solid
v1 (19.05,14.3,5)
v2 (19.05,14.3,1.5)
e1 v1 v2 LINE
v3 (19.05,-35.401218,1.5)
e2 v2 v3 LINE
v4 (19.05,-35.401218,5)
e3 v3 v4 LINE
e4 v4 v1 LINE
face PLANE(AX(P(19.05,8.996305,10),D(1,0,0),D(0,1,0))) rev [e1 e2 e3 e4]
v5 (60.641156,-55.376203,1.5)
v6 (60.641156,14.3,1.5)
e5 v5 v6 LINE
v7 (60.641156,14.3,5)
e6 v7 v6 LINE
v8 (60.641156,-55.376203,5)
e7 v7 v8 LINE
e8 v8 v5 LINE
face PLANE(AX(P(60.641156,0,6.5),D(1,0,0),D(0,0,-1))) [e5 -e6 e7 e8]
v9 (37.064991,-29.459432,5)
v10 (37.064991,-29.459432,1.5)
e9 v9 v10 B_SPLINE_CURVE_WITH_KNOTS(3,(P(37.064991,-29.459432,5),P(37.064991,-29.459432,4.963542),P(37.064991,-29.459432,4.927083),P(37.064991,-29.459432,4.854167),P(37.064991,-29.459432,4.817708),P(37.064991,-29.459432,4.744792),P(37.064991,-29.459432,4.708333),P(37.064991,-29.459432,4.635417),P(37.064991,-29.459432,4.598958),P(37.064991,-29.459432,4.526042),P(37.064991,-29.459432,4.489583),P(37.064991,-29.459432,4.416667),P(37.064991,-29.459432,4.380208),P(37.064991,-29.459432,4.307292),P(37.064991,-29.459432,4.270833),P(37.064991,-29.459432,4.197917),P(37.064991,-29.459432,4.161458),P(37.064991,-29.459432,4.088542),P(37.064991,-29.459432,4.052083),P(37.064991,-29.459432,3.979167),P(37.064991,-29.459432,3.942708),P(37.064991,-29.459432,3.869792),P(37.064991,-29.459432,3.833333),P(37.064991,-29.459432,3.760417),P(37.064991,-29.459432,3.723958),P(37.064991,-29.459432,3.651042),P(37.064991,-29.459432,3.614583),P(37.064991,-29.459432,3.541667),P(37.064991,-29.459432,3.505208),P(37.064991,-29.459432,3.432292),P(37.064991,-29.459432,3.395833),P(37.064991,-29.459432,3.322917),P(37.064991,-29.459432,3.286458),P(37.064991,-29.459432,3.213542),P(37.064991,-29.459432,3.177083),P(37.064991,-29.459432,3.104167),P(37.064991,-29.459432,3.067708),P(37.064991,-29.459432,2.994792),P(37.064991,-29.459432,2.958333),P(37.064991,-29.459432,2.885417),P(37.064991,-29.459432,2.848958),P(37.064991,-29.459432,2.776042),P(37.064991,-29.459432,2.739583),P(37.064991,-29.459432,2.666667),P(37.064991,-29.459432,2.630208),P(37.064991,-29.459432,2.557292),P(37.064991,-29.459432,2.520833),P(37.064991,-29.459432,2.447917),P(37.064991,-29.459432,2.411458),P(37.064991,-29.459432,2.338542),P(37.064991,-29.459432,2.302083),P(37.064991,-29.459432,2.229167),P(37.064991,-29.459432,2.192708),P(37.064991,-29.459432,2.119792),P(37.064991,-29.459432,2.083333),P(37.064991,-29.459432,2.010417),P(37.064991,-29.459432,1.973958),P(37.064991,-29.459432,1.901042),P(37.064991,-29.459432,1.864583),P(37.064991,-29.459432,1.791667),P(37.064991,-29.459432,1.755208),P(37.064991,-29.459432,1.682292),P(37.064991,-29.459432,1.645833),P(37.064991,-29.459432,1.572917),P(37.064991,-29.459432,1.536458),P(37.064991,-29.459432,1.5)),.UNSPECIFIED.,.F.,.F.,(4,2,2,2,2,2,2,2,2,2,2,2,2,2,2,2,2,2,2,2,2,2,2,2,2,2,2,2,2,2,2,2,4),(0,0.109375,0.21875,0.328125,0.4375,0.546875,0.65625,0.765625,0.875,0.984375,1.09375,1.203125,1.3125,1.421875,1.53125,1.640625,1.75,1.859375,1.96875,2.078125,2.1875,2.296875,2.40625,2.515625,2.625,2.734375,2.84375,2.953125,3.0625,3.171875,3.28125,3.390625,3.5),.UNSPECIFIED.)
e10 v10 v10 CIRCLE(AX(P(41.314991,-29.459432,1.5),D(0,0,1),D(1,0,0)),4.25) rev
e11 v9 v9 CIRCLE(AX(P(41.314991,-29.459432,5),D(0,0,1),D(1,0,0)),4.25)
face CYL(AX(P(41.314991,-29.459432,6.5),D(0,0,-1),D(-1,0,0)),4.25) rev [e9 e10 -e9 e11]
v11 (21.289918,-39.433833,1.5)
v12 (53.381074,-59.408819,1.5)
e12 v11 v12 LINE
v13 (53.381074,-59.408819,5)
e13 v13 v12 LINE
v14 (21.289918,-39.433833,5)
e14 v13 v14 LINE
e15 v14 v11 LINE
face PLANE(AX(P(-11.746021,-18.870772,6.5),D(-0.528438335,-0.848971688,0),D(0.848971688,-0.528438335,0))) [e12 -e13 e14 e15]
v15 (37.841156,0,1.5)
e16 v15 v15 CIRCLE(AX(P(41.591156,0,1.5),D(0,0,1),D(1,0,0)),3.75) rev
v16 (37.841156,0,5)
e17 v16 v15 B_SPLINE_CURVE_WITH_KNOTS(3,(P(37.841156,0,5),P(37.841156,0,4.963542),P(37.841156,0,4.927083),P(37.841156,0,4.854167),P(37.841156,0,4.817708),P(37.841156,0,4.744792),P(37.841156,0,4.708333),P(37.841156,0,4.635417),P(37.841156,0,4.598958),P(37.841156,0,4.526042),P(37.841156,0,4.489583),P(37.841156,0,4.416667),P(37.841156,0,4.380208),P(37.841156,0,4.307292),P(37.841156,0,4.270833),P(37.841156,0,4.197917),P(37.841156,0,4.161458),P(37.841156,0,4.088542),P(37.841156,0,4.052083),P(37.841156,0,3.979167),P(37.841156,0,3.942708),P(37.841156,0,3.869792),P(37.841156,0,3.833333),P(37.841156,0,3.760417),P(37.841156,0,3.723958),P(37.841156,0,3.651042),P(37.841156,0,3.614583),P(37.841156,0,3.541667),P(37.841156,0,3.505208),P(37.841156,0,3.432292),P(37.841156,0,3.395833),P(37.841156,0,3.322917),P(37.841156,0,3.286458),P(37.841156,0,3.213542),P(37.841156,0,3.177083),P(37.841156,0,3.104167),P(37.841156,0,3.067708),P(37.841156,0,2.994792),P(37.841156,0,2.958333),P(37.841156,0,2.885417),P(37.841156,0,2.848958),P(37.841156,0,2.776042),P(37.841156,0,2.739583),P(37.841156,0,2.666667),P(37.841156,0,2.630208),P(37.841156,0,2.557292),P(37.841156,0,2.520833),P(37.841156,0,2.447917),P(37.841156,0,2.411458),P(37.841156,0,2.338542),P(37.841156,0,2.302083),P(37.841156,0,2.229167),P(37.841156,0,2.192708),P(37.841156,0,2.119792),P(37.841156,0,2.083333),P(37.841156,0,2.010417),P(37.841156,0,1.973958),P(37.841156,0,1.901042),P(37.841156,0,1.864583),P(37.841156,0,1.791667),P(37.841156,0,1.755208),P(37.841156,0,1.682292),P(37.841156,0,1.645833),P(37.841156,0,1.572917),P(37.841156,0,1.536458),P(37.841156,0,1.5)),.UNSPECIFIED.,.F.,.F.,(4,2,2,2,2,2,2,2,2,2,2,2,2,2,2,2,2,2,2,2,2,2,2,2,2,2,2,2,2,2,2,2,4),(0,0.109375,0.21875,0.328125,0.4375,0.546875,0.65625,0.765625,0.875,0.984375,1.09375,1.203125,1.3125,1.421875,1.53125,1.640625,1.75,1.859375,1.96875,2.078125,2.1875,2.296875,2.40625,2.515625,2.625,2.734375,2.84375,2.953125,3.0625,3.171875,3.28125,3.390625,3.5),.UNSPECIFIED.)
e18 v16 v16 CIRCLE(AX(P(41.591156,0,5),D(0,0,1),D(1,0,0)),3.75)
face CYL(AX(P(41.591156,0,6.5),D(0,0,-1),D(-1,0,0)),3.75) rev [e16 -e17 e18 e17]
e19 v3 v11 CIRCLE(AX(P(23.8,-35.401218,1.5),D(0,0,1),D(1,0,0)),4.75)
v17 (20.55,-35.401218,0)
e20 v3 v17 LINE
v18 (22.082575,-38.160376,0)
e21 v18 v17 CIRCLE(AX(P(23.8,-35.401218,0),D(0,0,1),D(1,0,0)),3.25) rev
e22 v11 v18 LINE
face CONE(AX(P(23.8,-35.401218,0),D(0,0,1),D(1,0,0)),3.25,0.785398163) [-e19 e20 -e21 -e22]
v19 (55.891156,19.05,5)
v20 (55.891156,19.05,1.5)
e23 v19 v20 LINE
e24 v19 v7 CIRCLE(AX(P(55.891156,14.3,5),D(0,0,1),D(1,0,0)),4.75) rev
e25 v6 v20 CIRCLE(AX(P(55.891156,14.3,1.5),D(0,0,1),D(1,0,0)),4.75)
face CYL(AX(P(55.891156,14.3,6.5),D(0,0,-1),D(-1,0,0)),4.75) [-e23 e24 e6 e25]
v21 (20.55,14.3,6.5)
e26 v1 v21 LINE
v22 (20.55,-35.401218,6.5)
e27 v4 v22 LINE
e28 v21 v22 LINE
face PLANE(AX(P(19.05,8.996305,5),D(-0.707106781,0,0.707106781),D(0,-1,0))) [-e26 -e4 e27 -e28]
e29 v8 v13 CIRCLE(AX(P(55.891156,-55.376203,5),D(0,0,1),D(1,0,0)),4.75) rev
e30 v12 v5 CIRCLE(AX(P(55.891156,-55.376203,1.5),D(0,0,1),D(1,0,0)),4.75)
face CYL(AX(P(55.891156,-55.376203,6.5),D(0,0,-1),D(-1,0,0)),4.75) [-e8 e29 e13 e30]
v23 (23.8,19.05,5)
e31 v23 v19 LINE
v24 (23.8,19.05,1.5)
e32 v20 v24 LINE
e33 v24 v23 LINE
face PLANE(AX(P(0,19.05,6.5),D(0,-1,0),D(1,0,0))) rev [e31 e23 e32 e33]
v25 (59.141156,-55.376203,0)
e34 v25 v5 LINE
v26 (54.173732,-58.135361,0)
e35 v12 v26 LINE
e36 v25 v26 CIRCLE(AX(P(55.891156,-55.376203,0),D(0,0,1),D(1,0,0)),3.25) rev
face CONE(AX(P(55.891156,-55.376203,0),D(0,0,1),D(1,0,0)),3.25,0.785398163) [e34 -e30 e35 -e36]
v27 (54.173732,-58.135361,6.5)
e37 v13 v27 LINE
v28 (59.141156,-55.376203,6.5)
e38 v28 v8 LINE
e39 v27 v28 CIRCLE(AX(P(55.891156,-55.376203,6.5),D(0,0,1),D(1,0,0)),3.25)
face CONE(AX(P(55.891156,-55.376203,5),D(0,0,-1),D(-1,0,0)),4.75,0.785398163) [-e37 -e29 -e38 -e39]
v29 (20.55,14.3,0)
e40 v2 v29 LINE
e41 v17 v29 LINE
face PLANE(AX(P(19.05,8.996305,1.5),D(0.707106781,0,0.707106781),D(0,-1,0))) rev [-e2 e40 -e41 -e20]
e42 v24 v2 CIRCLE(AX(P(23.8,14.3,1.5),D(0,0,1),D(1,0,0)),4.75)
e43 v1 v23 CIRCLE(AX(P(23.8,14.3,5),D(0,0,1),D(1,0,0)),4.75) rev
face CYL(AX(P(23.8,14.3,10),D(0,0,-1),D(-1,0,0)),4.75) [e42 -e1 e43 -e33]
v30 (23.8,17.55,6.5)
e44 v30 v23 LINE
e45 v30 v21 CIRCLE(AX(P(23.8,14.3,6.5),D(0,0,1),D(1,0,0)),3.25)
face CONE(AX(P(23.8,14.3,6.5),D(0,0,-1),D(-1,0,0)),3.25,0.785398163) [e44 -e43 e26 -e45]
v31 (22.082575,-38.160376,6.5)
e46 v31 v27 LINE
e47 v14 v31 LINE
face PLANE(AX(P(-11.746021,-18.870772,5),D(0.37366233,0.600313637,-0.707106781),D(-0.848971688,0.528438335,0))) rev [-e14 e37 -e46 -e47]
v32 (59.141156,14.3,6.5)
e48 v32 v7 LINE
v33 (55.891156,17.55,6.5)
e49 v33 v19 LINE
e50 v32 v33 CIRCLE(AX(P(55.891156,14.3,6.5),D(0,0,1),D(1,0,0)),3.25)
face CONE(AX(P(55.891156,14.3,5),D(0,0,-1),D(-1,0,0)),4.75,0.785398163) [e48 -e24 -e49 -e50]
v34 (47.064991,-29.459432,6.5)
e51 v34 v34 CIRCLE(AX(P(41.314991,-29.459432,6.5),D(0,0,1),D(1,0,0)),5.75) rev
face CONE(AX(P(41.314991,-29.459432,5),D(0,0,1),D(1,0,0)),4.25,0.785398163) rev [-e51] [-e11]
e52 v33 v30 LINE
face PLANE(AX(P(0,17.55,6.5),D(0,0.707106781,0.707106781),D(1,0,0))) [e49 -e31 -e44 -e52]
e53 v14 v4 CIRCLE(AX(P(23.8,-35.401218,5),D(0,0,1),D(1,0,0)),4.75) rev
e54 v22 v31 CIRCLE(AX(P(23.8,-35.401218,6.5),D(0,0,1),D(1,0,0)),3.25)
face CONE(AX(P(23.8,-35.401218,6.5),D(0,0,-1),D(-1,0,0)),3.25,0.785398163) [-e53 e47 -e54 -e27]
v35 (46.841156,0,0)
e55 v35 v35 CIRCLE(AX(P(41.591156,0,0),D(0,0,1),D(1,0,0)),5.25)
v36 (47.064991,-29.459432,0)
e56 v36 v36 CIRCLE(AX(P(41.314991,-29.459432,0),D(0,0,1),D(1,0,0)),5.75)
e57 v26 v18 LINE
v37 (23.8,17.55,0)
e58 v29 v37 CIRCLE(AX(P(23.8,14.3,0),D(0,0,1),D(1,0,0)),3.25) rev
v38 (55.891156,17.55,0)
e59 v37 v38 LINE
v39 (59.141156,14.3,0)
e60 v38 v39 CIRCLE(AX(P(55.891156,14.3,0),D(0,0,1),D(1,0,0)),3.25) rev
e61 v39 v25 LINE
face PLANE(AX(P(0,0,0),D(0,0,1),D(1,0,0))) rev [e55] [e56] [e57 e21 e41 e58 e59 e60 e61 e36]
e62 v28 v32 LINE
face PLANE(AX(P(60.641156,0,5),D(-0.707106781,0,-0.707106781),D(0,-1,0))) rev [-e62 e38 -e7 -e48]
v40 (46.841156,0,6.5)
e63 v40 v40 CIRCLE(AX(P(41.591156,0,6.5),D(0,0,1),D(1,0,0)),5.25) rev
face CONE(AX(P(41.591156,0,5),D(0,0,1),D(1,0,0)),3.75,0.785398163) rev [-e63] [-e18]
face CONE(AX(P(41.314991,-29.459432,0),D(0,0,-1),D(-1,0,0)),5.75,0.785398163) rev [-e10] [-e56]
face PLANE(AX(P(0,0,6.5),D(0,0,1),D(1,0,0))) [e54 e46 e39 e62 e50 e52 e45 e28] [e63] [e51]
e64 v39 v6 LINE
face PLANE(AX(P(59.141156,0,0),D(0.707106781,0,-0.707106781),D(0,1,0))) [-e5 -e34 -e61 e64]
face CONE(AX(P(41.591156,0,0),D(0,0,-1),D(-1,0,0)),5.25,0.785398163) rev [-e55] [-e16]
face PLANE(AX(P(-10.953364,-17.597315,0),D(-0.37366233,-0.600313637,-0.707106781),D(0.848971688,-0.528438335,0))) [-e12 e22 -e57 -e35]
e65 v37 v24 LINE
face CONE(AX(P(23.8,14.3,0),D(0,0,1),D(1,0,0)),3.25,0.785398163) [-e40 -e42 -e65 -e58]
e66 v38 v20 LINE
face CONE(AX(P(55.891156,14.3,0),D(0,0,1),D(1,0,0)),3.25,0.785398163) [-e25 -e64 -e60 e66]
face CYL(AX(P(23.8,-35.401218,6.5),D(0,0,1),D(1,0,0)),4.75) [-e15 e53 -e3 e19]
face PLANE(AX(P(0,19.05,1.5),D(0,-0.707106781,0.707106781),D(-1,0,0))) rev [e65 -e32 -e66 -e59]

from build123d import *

# Parameters (mm, degrees)
SKETCH1_R           = 4.25
SKETCH1_R_2         = 3.75
SKETCH1_R_3         = 4.5
BOSS_EXTRUDE1_DEPTH = 6.5
CUT_EXTRUDE1_DEPTH  = 10
FILLET1_R           = 4.75
CHAMFER1_SIZE       = 1.5


with BuildPart() as part:
    # Sketch1 → Boss-Extrude1 (new body)
    with BuildSketch(Plane.XY):
        with BuildLine():
            Line((-11.458079381, -19.05), (53.381074139, -59.408818568))
            ThreePointArc((53.381074139, -59.408818568), (58.197626483, -59.528635467), (60.641156228, -55.376203052))
            Line((60.641156228, -55.376203052), (60.641156228, 14.3))
            ThreePointArc((60.641156228, 14.3), (59.249913439, 17.658757211), (55.891156228, 19.05))
            Line((55.891156228, 19.05), (-13.723477062, 19.05))
            ThreePointArc((-13.723477062, 19.05), (-14.628464695, 18.040083046), (-15.73121772, 18.829304583))
            ThreePointArc((-15.73121772, 18.829304583), (-17.658815789, 17.658815789), (-18.829304583, 15.73121772))
            ThreePointArc((-18.829304583, 15.73121772), (-18.040083046, 14.628464695), (-19.05, 13.723477062))
            Line((-19.05, 13.723477062), (-19.05, 8.996305235))
            ThreePointArc((-19.05, 8.996305235), (-18.034, 7.980305235), (-19.05, 6.964305235))
            Line((-19.05, 6.964305235), (-19.05, -6.964305235))
            ThreePointArc((-19.05, -6.964305235), (-18.034, -7.980305235), (-19.05, -8.996305235))
            Line((-19.05, -8.996305235), (-19.05, -13.723477062))
            ThreePointArc((-19.05, -13.723477062), (-18.040083046, -14.628464695), (-18.829304583, -15.73121772))
            ThreePointArc((-18.829304583, -15.73121772), (-17.658815789, -17.658815789), (-15.73121772, -18.829304583))
            ThreePointArc((-15.73121772, -18.829304583), (-14.628464695, -18.040083046), (-13.723477062, -19.05))
            Line((-13.723477062, -19.05), (-11.458079381, -19.05))
        make_face()
        with Locations(Location((41.314990606, -29.4594322, 0), (0, 0, 180))):
            Circle(SKETCH1_R, mode=Mode.SUBTRACT)
        with Locations(Location((41.591156228, 0, 0), (0, 0, 180))):
            Circle(SKETCH1_R_2, mode=Mode.SUBTRACT)
        with Locations(Location((0, 0, 0), (0, 0, 180))):
            Circle(SKETCH1_R_3, mode=Mode.SUBTRACT)
    extrude(amount=BOSS_EXTRUDE1_DEPTH)

    # Sketch3 → Cut-Extrude1 (cut)
    with BuildSketch(Plane(origin=(0, 0, 0), x_dir=(-1, 0, 0), z_dir=(0, 0, -1))):
        with BuildLine():
            Line((19.05, 6.964305235), (19.05, -6.964305235))
            Line((19.05, -6.964305235), (19.05, -13.723477062))
            Line((19.05, -13.723477062), (18.829304583, -15.73121772))
            ThreePointArc((18.829304583, -15.73121772), (17.658815789, -17.658815789), (15.73121772, -18.829304583))
            Line((15.73121772, -18.829304583), (13.723477062, -19.05))
            Line((13.723477062, -19.05), (11.458079381, -19.05))
            Line((11.458079381, -19.05), (-19.05, -38.039606954))
            Line((-19.05, -38.039606954), (-19.05, 8.996305235))
            Line((-19.05, 8.996305235), (-19.05, 13.723477062))
            Line((-19.05, 13.723477062), (-19.05, 19.05))
            Line((-19.05, 19.05), (13.723477062, 19.05))
            Line((13.723477062, 19.05), (15.73121772, 18.829304583))
            ThreePointArc((15.73121772, 18.829304583), (17.658815789, 17.658815789), (18.829304583, 15.73121772))
            Line((18.829304583, 15.73121772), (19.05, 13.723477062))
            Line((19.05, 13.723477062), (19.05, 6.964305235))
        make_face()
    extrude(amount=-CUT_EXTRUDE1_DEPTH, mode=Mode.SUBTRACT)

    # Fillet1
    fillet1_edges = [part.edges().sort_by_distance(p)[0] for p in [
        (19.05, -38.039606954, 3.25),
        (19.05, 19.05, 3.25),
    ]]
    fillet(fillet1_edges, radius=FILLET1_R)

    # Chamfer1
    chamfer1_edges = [part.edges().sort_by_distance(p)[0] for p in [
        (45.341156228, 0, 6.5),
        (45.564990606, -29.4594322, 6.5),
        (19.05, -10.550608772, 0),
        (20.441242789, 17.658757211, 0),
        (19.647567585, -37.707687799, 0),
        (19.05, -10.550608772, 6.5),
        (20.441242789, 17.658757211, 6.5),
        (19.647567585, -37.707687799, 6.5),
        (37.335496024, -49.421325814, 6.5),
        (45.564990606, -29.4594322, 0),
        (45.341156228, 0, 0),
        (58.197626483, -59.528635467, 6.5),
        (60.641156228, -20.538101526, 6.5),
        (39.845578114, 19.05, 0),
        (59.249913439, 17.658757211, 0),
        (60.641156228, -20.538101526, 0),
        (58.197626483, -59.528635467, 0),
        (37.335496024, -49.421325814, 0),
        (59.249913439, 17.658757211, 6.5),
        (39.845578114, 19.05, 6.5),
    ]]
    chamfer(chamfer1_edges, length=CHAMFER1_SIZE)


solid = part.part
